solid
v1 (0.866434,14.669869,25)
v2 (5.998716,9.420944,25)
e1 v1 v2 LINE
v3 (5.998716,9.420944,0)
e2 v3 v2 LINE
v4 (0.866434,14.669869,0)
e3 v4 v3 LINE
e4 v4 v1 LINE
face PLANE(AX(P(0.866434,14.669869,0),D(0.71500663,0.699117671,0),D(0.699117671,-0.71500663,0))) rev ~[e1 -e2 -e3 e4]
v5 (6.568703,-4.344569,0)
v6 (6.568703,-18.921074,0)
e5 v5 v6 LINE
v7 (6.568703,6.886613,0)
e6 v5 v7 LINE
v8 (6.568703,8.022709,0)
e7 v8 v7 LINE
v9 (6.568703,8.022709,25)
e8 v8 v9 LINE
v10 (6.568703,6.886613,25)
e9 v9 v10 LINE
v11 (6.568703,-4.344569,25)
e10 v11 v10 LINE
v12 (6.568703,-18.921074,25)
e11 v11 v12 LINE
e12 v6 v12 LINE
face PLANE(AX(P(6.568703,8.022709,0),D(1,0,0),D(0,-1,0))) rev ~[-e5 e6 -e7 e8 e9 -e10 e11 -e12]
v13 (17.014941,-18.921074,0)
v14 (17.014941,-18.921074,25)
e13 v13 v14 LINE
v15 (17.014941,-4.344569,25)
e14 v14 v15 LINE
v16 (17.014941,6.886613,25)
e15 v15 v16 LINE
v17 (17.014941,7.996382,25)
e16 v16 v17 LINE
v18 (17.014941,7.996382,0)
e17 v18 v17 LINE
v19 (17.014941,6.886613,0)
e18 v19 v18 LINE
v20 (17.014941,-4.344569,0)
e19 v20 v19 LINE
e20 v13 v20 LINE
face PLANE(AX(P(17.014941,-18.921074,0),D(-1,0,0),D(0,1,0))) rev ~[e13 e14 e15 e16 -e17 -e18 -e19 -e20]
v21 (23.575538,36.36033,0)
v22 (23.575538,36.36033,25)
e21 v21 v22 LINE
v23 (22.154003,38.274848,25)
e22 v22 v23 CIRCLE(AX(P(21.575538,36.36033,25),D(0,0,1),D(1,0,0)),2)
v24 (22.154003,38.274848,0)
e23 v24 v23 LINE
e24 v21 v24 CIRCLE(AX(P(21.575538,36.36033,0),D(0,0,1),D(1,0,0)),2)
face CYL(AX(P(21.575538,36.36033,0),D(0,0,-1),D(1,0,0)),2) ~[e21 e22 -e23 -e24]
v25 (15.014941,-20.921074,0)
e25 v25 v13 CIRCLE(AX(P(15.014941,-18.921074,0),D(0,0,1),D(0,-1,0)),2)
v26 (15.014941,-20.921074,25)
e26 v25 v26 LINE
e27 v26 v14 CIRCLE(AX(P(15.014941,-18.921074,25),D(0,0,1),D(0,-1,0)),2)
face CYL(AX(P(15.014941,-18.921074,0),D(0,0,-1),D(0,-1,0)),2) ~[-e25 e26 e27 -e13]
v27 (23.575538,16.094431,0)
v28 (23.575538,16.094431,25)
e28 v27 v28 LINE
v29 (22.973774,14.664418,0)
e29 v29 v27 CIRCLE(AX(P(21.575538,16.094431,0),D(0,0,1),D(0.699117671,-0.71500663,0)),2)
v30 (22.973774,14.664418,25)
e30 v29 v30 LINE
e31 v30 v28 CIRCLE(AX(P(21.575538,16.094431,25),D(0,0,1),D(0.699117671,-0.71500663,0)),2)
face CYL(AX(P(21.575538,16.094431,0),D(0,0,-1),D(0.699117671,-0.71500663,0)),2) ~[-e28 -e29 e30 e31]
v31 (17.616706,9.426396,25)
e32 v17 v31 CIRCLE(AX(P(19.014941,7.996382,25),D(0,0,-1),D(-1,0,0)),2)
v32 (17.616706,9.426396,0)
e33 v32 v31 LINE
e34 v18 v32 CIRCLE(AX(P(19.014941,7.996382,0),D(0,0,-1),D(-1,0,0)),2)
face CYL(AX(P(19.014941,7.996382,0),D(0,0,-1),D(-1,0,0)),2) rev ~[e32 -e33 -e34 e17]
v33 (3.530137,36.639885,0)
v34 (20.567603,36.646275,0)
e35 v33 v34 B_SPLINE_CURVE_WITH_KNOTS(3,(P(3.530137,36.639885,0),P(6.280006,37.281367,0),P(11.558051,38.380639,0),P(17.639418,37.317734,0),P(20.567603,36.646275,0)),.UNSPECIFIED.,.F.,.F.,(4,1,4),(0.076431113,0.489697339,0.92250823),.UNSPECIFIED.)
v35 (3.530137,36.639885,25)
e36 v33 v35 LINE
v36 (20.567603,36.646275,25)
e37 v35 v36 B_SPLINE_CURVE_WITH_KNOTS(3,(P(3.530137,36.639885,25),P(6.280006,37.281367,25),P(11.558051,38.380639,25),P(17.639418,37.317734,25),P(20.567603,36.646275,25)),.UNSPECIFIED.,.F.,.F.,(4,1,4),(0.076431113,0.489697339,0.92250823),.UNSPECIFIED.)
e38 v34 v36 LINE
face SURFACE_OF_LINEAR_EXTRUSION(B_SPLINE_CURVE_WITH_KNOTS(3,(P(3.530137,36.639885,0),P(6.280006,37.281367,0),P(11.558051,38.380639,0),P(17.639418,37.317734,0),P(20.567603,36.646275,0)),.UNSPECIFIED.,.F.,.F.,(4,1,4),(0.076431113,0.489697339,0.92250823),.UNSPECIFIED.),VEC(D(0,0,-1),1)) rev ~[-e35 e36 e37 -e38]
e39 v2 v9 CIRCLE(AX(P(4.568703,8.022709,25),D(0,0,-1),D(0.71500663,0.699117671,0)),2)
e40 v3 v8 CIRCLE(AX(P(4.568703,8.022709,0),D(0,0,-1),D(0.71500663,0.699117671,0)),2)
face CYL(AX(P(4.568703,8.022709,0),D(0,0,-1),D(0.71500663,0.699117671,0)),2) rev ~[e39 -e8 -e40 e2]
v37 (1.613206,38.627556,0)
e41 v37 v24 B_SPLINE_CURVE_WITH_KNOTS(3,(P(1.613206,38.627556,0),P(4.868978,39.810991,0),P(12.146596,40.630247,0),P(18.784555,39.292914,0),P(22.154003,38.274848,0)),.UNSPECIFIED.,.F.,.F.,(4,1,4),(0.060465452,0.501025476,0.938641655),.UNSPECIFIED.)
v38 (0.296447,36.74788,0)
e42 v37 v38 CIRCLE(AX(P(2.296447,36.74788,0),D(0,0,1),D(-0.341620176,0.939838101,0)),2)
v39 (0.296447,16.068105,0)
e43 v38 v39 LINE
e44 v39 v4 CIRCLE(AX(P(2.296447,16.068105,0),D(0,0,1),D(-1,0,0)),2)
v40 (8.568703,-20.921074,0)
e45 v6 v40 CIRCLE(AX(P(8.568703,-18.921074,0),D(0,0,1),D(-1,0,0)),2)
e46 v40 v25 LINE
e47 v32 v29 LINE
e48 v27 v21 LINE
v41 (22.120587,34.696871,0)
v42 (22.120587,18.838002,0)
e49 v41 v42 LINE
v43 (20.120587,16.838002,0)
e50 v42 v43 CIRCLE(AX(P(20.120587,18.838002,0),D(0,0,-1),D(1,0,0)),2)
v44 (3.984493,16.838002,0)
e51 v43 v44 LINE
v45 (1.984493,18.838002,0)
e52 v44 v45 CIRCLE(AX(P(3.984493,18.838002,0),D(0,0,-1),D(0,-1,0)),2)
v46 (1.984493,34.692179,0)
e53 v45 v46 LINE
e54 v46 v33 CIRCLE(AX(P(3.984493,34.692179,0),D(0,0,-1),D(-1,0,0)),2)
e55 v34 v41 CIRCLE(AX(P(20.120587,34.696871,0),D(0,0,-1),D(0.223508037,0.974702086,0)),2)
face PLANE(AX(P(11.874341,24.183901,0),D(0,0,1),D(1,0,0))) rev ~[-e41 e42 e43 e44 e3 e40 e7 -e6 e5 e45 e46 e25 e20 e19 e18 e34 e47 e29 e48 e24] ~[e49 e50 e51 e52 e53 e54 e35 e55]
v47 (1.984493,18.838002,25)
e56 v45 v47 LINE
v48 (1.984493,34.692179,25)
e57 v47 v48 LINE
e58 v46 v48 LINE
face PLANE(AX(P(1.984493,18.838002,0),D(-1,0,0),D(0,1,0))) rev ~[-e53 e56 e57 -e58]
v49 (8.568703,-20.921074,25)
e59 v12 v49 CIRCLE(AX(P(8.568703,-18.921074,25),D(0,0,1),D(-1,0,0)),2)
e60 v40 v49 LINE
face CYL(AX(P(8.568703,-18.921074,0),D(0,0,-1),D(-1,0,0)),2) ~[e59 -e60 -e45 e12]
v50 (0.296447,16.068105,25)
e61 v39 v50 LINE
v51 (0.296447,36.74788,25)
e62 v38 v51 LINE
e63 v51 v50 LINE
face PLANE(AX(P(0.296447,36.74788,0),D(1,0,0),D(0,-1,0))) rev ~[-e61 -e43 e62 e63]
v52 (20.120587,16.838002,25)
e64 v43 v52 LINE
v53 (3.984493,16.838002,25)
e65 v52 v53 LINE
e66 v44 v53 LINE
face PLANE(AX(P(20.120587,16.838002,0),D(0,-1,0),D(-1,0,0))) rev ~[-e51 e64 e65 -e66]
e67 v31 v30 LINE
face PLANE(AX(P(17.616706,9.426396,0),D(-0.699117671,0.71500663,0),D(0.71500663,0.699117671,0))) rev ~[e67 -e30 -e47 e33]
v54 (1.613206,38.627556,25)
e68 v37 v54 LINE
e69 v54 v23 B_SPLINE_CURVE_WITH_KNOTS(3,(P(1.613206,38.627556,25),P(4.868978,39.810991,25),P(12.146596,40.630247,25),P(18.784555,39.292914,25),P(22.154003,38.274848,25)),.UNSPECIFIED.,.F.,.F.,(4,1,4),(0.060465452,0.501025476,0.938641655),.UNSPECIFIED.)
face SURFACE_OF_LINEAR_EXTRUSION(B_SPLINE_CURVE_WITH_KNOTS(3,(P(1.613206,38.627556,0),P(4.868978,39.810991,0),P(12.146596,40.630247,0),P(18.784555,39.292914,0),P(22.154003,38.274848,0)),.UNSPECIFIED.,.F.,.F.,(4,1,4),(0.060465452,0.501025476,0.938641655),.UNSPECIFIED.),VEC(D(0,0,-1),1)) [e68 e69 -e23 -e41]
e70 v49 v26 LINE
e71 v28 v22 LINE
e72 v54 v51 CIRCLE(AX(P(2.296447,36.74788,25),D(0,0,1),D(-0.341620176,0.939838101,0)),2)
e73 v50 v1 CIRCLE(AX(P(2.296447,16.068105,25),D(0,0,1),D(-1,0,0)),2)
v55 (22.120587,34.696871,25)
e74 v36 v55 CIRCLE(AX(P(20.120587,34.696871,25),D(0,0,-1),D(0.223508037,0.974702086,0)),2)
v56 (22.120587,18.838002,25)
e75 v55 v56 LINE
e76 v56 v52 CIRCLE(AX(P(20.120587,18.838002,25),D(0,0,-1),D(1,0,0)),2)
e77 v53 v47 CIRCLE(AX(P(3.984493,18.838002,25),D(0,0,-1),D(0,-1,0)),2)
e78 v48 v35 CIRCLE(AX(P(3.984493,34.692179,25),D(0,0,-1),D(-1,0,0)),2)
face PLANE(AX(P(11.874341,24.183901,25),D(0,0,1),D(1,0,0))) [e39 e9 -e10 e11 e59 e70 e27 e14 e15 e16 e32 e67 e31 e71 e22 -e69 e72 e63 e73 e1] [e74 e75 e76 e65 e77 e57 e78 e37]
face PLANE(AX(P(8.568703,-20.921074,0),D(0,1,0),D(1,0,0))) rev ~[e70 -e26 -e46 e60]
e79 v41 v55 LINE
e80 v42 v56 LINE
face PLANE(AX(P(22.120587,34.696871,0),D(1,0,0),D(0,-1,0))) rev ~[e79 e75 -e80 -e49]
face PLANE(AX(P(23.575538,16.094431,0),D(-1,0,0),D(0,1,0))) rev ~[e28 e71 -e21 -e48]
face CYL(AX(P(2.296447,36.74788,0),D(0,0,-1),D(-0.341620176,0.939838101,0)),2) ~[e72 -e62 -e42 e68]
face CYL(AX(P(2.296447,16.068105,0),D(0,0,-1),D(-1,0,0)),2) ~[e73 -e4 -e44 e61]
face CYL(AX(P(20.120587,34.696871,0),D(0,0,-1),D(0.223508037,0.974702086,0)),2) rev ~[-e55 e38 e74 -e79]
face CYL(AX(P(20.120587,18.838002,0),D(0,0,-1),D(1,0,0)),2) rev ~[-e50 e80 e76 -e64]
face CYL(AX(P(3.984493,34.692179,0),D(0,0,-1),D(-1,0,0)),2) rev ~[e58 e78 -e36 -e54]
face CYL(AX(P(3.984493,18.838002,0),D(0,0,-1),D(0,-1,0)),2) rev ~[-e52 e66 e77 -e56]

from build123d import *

# Parameters (mm, degrees)
F0_W     = 10.4462385095
F0_H     = 11.2311821431
F1_DEPTH = 25


with BuildPart() as f1:
    # F0 (on Top) → F1 (new body)
    with BuildSketch(Plane.XY):
        with BuildLine():
            Line((0.8664335105, 14.6698692461), (5.9987161299, 9.4209444202))
            ThreePointArc((5.9987161299, 9.4209444202), (6.4207323669, 8.7776837386), (6.5687028691, 8.0227090773))
            Line((6.5687028691, 8.0227090773), (6.5687028691, 6.8866130896))
            Line((6.5687028691, 6.8866130896), (17.0149413786, 6.8866130896))
            Line((17.0149413786, 6.8866130896), (17.0149413786, 7.9963824148))
            ThreePointArc((17.0149413786, 7.9963824148), (17.1715110591, 8.772117329), (17.6167060357, 9.4263956755))
            Line((17.6167060357, 9.4263956755), (22.9737737204, 14.6644179908))
            ThreePointArc((22.9737737204, 14.6644179908), (23.4189686971, 15.3186963373), (23.5755383776, 16.0944312515))
            Line((23.5755383776, 16.0944312515), (23.5755383776, 36.3603299985))
            ThreePointArc((23.5755383776, 36.3603299985), (23.1812982443, 37.5526115301), (22.154003127, 38.2748478317))
            add(Edge.make_bspline(
                [(1.6132064196, 38.6275561042), (4.8689775081, 39.8109908797), (12.1465959095, 40.630247411), (18.7845553069, 39.2929144986), (22.154003127, 38.2748478317)],
                knots=[0.0604654522, 0.0604654522, 0.0604654522, 0.0604654522, 0.501025476, 0.9386416549, 0.9386416549, 0.9386416549, 0.9386416549], degree=3))
            ThreePointArc((1.6132064196, 38.6275561042), (0.6583868359, 37.8953813836), (0.2964467712, 36.7478799028))
            Line((0.2964467712, 36.7478799028), (0.2964467712, 16.068104589))
            ThreePointArc((0.2964467712, 16.068104589), (0.4444172734, 15.3131299277), (0.8664335105, 14.6698692461))
        make_face()
        with BuildLine():
            Line((20.1205869764, 16.8380016387), (3.9844933413, 16.8380016387))
            ThreePointArc((3.9844933413, 16.8380016387), (2.5702797789, 17.4237880763), (1.9844933413, 18.8380016387))
            Line((1.9844933413, 18.8380016387), (1.9844933413, 34.6921788082))
            ThreePointArc((1.9844933413, 34.6921788082), (2.4178549484, 35.9354181842), (3.5301374873, 36.6398853462))
            add(Edge.make_bspline(
                [(3.5301374873, 36.6398853462), (6.2800060622, 37.2813674485), (11.5580514654, 38.3806394359), (17.639418239, 37.3177340844), (20.5676030509, 36.6462747235)],
                knots=[0.0764311132, 0.0764311132, 0.0764311132, 0.0764311132, 0.4896973389, 0.9225082296, 0.9225082296, 0.9225082296, 0.9225082296], degree=3))
            ThreePointArc((20.5676030509, 36.6462747235), (21.6848810902, 35.9430583076), (22.1205869764, 34.6968705507))
            Line((22.1205869764, 34.6968705507), (22.1205869764, 18.8380016387))
            ThreePointArc((22.1205869764, 18.8380016387), (21.5348005388, 17.4237880763), (20.1205869764, 16.8380016387))
        make_face(mode=Mode.SUBTRACT)
        with Locations((11.7918221238, 1.271022018)):
            Rectangle(F0_W, F0_H)
        with BuildLine():
            Line((17.0149413786, -4.3445690535), (6.5687028691, -4.3445690535))
            Line((6.5687028691, -4.3445690535), (6.5687028691, -18.921073854))
            ThreePointArc((6.5687028691, -18.921073854), (7.1544893067, -20.3352874163), (8.5687028691, -20.921073854))
            Line((8.5687028691, -20.921073854), (15.0149413786, -20.921073854))
            ThreePointArc((15.0149413786, -20.921073854), (16.4291549409, -20.3352874163), (17.0149413786, -18.921073854))
            Line((17.0149413786, -18.921073854), (17.0149413786, -4.3445690535))
        make_face()
    extrude(amount=F1_DEPTH)


solid = f1.part
